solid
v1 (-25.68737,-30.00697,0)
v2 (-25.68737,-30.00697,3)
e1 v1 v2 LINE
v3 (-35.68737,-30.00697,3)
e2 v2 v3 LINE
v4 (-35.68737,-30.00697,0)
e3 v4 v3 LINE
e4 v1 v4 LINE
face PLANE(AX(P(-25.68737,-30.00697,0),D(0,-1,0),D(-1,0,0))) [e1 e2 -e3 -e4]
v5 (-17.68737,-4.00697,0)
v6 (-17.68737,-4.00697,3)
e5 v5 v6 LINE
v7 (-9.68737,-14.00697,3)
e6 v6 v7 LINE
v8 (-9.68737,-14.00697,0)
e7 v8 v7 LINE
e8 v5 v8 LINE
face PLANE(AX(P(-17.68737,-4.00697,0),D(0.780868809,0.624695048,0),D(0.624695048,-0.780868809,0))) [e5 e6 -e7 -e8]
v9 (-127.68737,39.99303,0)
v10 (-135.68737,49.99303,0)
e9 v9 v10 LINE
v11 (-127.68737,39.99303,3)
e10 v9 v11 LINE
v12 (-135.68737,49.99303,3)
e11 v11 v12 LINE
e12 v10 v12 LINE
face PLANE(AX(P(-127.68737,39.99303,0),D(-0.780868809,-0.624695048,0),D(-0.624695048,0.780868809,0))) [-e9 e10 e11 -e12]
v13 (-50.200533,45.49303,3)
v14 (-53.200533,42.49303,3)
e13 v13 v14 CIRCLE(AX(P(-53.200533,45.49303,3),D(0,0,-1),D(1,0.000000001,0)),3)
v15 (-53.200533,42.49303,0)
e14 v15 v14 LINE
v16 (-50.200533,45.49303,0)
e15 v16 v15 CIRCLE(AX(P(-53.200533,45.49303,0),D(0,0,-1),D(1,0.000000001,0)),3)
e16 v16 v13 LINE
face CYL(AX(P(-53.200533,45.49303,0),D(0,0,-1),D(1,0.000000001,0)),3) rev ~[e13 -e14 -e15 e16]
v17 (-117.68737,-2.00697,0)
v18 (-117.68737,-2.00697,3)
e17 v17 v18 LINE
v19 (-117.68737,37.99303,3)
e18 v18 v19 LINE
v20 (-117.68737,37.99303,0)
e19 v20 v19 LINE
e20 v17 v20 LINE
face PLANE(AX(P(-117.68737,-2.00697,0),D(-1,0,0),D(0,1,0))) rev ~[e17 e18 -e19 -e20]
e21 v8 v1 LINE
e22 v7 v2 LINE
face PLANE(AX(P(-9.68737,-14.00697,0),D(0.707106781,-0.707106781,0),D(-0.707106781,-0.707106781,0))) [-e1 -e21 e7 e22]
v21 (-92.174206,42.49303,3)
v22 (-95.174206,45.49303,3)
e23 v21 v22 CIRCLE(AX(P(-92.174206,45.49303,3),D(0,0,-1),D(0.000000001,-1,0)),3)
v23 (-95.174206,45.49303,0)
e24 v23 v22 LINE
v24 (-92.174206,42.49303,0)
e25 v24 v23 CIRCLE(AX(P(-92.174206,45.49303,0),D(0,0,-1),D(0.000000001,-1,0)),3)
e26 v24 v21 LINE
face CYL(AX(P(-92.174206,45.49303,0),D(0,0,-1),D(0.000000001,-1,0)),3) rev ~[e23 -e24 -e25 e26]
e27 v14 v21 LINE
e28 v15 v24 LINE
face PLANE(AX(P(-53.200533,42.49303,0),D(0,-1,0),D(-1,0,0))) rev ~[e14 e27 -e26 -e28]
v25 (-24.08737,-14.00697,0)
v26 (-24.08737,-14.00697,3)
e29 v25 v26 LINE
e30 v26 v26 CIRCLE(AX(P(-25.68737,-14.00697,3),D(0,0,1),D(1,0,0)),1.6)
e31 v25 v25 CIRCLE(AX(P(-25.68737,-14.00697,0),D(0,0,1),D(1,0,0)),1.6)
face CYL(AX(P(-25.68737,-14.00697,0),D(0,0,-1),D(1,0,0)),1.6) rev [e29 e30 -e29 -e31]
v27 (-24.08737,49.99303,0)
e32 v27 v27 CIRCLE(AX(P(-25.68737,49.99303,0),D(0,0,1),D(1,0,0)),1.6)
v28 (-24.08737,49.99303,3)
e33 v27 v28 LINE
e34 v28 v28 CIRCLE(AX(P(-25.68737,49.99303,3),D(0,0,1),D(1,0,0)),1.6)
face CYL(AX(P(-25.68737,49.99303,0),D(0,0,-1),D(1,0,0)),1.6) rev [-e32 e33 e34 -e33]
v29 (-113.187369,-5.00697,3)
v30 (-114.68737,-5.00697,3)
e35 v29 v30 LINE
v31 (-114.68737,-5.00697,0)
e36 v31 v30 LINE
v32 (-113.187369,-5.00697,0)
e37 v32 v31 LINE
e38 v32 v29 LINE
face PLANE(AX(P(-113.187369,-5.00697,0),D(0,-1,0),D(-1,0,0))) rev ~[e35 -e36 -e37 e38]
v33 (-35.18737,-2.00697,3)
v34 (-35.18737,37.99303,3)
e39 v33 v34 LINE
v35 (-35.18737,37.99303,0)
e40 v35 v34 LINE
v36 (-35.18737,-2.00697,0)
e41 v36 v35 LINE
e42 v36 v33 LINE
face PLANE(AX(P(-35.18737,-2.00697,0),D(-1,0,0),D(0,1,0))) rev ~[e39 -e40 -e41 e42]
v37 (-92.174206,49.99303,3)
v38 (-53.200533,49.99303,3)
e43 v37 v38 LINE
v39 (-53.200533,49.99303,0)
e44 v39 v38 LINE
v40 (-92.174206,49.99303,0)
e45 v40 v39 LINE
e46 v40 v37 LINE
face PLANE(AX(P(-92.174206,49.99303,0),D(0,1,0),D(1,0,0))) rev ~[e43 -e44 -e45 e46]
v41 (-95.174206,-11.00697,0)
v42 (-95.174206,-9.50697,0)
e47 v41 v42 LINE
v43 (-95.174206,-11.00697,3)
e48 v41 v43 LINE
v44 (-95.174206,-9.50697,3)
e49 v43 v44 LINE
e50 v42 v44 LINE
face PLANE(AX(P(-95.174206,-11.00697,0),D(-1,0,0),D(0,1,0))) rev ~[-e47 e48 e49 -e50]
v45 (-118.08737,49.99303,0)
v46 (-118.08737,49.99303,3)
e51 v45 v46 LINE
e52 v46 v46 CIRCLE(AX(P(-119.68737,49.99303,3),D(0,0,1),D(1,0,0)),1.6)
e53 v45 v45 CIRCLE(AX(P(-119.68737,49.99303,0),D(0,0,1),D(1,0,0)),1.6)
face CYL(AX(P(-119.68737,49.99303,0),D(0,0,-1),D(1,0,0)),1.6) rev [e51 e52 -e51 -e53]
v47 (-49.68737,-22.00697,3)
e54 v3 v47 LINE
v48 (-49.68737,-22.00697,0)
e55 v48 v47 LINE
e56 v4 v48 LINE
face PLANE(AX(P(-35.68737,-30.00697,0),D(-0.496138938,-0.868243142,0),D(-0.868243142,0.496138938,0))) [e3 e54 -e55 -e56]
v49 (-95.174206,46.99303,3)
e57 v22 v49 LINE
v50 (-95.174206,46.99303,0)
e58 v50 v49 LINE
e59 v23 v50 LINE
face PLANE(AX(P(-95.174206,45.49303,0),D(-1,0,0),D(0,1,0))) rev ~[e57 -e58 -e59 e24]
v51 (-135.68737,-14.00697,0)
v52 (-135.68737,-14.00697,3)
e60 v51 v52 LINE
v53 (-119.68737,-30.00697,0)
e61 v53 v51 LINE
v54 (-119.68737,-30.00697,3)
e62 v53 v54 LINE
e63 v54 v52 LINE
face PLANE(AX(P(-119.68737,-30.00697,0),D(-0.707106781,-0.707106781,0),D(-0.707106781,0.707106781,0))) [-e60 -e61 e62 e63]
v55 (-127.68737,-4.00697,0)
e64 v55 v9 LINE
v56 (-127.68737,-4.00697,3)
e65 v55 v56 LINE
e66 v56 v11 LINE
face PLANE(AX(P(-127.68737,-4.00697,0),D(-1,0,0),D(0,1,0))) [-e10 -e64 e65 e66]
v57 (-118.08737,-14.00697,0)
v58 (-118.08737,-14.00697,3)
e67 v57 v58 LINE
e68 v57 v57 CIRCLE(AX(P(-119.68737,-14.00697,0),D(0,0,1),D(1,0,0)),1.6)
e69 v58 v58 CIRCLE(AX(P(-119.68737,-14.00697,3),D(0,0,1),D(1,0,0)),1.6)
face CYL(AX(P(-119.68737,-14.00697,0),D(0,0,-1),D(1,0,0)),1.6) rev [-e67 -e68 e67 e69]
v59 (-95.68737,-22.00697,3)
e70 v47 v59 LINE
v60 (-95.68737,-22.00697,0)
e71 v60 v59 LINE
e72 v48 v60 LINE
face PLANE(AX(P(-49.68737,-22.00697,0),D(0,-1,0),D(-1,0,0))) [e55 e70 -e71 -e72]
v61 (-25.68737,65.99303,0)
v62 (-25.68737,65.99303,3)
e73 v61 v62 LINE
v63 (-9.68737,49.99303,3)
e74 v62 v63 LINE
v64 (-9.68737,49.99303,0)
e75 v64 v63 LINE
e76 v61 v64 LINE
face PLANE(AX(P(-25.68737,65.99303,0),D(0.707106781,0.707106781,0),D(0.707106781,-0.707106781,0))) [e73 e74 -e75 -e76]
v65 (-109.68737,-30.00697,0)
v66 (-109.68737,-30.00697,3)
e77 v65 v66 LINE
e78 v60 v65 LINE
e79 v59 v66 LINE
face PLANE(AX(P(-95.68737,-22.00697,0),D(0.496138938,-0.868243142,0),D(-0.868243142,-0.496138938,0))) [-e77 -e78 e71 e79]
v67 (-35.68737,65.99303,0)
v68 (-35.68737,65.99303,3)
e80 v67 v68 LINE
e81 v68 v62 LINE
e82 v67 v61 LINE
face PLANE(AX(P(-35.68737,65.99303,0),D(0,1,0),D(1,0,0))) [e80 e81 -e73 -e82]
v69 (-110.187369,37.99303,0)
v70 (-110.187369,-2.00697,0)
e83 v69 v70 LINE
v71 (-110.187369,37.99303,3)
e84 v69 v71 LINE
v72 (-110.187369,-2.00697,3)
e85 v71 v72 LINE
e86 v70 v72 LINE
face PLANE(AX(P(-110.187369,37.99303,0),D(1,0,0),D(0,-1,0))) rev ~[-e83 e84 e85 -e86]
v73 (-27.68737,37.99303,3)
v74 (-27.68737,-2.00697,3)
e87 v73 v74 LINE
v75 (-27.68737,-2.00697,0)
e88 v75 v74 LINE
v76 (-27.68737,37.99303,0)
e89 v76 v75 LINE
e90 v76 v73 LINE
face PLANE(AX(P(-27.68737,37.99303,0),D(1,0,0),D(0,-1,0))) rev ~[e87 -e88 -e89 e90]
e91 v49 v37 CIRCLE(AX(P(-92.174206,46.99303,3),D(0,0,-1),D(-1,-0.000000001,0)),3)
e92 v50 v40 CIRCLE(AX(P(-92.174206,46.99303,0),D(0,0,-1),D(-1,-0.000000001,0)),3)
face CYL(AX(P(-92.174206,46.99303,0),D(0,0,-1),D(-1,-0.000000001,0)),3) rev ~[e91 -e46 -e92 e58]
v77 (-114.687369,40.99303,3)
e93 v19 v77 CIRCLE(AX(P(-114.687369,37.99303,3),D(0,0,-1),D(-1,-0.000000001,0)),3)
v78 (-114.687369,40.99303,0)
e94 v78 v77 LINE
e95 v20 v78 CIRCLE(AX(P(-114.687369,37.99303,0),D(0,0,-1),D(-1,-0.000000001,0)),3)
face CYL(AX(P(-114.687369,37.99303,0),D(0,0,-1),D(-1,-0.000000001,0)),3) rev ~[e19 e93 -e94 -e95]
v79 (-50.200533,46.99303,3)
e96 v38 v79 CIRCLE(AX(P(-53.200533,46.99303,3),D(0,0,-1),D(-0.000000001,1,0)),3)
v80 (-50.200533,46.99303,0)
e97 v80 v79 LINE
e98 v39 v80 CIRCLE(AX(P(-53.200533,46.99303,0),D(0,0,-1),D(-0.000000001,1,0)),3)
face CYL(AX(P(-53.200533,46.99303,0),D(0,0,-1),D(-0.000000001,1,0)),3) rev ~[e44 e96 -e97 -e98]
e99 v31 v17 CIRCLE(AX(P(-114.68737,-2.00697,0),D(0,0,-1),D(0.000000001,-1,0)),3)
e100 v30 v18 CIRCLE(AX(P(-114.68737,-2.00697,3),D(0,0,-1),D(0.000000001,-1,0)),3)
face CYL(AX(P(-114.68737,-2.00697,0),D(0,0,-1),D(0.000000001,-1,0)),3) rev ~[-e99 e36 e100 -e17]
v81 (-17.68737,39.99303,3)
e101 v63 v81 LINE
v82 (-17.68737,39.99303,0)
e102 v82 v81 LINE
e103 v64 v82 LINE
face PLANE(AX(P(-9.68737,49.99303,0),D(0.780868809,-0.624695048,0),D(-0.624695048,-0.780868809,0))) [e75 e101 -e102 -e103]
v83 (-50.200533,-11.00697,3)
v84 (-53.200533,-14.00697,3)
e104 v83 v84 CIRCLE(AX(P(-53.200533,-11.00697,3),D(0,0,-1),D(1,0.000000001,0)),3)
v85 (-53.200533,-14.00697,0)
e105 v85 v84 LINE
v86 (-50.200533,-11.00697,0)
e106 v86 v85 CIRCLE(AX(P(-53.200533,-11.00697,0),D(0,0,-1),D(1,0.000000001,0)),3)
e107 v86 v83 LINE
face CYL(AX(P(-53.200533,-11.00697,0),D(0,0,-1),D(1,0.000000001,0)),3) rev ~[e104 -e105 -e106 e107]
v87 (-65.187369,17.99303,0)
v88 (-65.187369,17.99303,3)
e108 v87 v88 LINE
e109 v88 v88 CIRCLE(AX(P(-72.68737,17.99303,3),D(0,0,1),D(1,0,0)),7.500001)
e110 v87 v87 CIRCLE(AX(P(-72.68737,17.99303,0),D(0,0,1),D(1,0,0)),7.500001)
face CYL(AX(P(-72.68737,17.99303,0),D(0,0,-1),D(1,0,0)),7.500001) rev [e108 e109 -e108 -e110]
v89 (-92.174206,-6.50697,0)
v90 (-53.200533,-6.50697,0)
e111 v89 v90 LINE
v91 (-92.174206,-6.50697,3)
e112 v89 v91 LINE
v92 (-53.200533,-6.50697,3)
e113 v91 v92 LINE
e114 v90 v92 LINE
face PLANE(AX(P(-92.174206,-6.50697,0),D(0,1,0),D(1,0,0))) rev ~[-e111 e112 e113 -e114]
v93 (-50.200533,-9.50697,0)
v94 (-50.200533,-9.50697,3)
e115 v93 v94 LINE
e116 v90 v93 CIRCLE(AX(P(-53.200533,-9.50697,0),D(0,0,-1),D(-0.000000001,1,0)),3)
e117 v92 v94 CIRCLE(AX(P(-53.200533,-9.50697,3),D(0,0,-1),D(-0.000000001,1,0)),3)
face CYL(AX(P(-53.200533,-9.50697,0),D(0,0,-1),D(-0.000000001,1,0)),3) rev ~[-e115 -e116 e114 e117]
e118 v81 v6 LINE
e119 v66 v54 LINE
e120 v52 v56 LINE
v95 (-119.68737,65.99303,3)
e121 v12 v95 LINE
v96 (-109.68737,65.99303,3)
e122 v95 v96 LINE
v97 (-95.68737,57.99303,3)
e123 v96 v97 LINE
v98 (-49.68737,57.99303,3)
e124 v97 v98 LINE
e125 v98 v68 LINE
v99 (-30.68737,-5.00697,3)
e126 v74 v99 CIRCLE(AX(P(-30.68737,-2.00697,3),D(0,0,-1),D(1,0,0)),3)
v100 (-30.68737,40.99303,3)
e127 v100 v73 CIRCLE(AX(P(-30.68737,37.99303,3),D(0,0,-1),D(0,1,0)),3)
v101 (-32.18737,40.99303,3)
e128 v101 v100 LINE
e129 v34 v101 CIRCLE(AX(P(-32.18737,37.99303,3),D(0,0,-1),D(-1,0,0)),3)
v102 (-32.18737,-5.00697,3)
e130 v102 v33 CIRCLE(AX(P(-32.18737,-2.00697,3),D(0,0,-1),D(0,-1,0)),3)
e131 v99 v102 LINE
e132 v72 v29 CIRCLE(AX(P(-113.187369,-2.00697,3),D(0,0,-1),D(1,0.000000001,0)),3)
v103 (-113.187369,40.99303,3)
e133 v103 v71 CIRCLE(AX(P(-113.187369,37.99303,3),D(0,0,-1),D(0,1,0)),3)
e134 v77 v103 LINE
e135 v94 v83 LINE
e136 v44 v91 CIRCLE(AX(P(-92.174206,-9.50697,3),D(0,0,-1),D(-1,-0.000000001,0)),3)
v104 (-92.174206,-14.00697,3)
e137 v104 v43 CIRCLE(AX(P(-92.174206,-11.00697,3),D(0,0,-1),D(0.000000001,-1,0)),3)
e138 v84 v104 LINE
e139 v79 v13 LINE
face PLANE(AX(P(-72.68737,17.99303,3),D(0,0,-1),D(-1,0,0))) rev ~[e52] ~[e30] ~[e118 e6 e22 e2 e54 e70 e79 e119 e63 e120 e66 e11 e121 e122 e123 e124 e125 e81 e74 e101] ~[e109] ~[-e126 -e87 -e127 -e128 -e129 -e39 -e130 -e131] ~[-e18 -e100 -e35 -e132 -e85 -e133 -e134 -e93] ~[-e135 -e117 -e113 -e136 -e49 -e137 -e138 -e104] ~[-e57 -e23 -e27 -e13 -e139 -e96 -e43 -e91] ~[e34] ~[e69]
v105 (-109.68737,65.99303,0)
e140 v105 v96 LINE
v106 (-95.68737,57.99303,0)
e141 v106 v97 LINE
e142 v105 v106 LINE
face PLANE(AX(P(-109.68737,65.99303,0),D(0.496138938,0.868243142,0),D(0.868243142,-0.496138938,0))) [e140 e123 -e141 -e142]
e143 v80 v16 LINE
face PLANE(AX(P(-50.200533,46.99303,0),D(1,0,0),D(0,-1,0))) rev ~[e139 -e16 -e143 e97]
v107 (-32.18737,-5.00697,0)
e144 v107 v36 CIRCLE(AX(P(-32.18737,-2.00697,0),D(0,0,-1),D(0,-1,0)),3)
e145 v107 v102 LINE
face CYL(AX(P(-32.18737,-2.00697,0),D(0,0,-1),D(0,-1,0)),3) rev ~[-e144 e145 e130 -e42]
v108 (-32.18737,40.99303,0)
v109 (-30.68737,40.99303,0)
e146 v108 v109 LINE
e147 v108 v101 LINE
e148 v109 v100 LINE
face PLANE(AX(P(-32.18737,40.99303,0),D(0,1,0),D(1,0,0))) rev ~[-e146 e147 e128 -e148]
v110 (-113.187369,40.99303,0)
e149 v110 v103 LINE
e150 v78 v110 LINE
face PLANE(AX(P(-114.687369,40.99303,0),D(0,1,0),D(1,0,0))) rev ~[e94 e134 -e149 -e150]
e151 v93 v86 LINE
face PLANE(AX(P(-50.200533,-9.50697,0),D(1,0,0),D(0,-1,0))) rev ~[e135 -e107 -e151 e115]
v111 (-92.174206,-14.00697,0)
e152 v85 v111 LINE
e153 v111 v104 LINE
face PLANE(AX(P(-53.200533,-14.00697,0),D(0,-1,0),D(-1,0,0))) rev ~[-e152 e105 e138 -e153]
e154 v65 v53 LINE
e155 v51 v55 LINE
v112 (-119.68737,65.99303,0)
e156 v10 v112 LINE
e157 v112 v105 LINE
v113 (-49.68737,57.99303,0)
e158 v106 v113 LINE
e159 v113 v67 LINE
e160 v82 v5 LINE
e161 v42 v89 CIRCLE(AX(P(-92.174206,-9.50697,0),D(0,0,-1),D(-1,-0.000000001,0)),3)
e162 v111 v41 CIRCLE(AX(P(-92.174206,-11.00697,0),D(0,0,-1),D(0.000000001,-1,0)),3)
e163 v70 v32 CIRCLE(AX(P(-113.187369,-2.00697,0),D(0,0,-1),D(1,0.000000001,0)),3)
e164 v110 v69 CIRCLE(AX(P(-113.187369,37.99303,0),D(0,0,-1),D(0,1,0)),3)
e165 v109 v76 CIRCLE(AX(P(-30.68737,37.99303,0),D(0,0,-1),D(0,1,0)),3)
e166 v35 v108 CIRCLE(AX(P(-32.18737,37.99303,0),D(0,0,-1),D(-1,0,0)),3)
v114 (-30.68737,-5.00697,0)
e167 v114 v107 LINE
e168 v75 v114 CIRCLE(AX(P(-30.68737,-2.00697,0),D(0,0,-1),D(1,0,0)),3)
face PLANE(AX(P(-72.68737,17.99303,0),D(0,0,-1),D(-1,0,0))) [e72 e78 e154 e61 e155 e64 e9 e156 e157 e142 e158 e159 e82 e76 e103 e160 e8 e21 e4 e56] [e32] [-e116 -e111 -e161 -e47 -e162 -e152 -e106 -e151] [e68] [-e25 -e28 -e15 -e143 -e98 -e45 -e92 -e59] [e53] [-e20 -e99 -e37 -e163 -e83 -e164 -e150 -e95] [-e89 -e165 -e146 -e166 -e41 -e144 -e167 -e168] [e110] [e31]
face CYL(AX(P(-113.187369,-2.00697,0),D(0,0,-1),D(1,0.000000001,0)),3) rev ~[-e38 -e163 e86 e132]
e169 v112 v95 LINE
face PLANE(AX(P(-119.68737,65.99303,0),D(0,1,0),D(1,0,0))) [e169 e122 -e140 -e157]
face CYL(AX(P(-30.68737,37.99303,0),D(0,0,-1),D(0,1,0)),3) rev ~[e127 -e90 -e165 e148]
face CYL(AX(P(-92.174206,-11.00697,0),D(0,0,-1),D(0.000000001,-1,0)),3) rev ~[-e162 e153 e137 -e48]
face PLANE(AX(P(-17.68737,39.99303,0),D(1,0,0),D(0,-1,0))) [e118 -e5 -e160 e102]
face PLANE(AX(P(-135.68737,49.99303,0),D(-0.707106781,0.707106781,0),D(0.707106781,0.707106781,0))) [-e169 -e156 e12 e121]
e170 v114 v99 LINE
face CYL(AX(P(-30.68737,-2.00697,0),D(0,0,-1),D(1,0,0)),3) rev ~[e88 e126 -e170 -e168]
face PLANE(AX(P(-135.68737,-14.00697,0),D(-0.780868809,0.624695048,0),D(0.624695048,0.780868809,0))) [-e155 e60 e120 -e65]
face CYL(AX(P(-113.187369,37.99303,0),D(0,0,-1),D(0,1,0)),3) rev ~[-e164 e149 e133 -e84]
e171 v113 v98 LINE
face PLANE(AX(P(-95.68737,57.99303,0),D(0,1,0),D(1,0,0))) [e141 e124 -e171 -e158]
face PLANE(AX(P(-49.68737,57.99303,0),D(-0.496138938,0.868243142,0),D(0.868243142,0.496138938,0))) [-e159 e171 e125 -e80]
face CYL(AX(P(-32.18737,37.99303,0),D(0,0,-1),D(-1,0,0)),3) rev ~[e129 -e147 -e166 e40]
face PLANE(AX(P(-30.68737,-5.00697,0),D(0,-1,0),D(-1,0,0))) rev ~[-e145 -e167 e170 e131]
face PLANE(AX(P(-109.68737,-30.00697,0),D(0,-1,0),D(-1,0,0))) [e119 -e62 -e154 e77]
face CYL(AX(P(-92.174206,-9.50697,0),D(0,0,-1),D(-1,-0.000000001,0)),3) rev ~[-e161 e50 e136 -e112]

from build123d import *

# Parameters (mm, degrees)
SKETCH1_R           = 7.50000053
SKETCH1_R_2         = 1.6
BOSS_EXTRUDE1_DEPTH = 3


with BuildPart() as part:
    # Sketch1 → Boss-Extrude1 (new body)
    with BuildSketch(Plane.XY):
        Polygon((-135.687369551, 49.993029621), (-119.687369551, 65.993029621), (-109.687369551, 65.993029621), (-95.687369551, 57.993029621), (-49.687369551, 57.993029621), (-35.687369551, 65.993029621), (-25.687369551, 65.993029621), (-9.687369551, 49.993029621), (-17.687369551, 39.993029621), (-17.687369551, -4.006970379), (-9.687369551, -14.006970379), (-25.687369551, -30.006970379), (-35.687369551, -30.006970379), (-49.687369551, -22.006970379), (-95.687369551, -22.006970379), (-109.687369551, -30.006970379), (-119.687369551, -30.006970379), (-135.687369551, -14.006970379), (-127.687369551, -4.006970379), (-127.687369551, 39.993029621), align=None)
        with Locations((-72.687369551, 17.993029621)):
            Circle(SKETCH1_R, mode=Mode.SUBTRACT)
        with Locations((-119.687369551, 49.993029621)):
            Circle(SKETCH1_R_2, mode=Mode.SUBTRACT)
        with Locations((-25.687369551, 49.993029621)):
            Circle(SKETCH1_R_2, mode=Mode.SUBTRACT)
        with Locations((-25.687369551, -14.006970379)):
            Circle(SKETCH1_R_2, mode=Mode.SUBTRACT)
        with Locations((-119.687369551, -14.006970379)):
            Circle(SKETCH1_R_2, mode=Mode.SUBTRACT)
        with BuildLine():
            Line((-114.687369339, 40.993029833), (-113.187369339, 40.993029833))
            ThreePointArc((-113.187369339, 40.993029833), (-111.066048846, 40.114350115), (-110.187369127, 37.993029621))
            Line((-110.187369127, 37.993029621), (-110.187369127, -2.006970379))
            ThreePointArc((-110.187369127, -2.006970379), (-111.066048783, -4.128290723), (-113.187369127, -5.006970379))
            Line((-113.187369127, -5.006970379), (-114.687369551, -5.006970379))
            ThreePointArc((-114.687369551, -5.006970379), (-116.808689895, -4.128290723), (-117.687369551, -2.006970379))
            Line((-117.687369551, -2.006970379), (-117.687369551, 37.993029621))
            ThreePointArc((-117.687369551, 37.993029621), (-116.808689833, 40.114350115), (-114.687369339, 40.993029833))
        make_face(mode=Mode.SUBTRACT)
        with BuildLine():
            Line((-53.200533124, -14.006970379), (-92.174205979, -14.006970379))
            ThreePointArc((-92.174205979, -14.006970379), (-94.295526323, -13.128290723), (-95.174205979, -11.006970379))
            Line((-95.174205979, -11.006970379), (-95.174205979, -9.506970273))
            ThreePointArc((-95.174205979, -9.506970273), (-94.295526323, -7.385649929), (-92.174205979, -6.506970273))
            Line((-92.174205979, -6.506970273), (-53.200533124, -6.506970273))
            ThreePointArc((-53.200533124, -6.506970273), (-51.07921278, -7.385649929), (-50.200533124, -9.506970273))
            Line((-50.200533124, -9.506970273), (-50.200533124, -11.006970379))
            ThreePointArc((-50.200533124, -11.006970379), (-51.07921278, -13.128290723), (-53.200533124, -14.006970379))
        make_face(mode=Mode.SUBTRACT)
        with BuildLine():
            Line((-32.187369764, 40.993029833), (-30.687369764, 40.993029833))
            ThreePointArc((-30.687369764, 40.993029833), (-28.56604927, 40.114350115), (-27.687369551, 37.993029621))
            Line((-27.687369551, 37.993029621), (-27.687369551, -2.006970379))
            ThreePointArc((-27.687369551, -2.006970379), (-28.566049208, -4.128290723), (-30.687369551, -5.006970379))
            Line((-30.687369551, -5.006970379), (-32.187369976, -5.006970379))
            ThreePointArc((-32.187369976, -5.006970379), (-34.308690319, -4.128290723), (-35.187369976, -2.006970379))
            Line((-35.187369976, -2.006970379), (-35.187369976, 37.993029621))
            ThreePointArc((-35.187369976, 37.993029621), (-34.308690257, 40.114350115), (-32.187369764, 40.993029833))
        make_face(mode=Mode.SUBTRACT)
        with BuildLine():
            Line((-53.200533124, 42.493029515), (-92.174205979, 42.493029515))
            ThreePointArc((-92.174205979, 42.493029515), (-94.295526323, 43.371709171), (-95.174205979, 45.493029515))
            Line((-95.174205979, 45.493029515), (-95.174205979, 46.993029621))
            ThreePointArc((-95.174205979, 46.993029621), (-94.295526323, 49.114349965), (-92.174205979, 49.993029621))
            Line((-92.174205979, 49.993029621), (-53.200533124, 49.993029621))
            ThreePointArc((-53.200533124, 49.993029621), (-51.07921278, 49.114349965), (-50.200533124, 46.993029621))
            Line((-50.200533124, 46.993029621), (-50.200533124, 45.493029515))
            ThreePointArc((-50.200533124, 45.493029515), (-51.07921278, 43.371709171), (-53.200533124, 42.493029515))
        make_face(mode=Mode.SUBTRACT)
    extrude(amount=BOSS_EXTRUDE1_DEPTH)


solid = part.part
